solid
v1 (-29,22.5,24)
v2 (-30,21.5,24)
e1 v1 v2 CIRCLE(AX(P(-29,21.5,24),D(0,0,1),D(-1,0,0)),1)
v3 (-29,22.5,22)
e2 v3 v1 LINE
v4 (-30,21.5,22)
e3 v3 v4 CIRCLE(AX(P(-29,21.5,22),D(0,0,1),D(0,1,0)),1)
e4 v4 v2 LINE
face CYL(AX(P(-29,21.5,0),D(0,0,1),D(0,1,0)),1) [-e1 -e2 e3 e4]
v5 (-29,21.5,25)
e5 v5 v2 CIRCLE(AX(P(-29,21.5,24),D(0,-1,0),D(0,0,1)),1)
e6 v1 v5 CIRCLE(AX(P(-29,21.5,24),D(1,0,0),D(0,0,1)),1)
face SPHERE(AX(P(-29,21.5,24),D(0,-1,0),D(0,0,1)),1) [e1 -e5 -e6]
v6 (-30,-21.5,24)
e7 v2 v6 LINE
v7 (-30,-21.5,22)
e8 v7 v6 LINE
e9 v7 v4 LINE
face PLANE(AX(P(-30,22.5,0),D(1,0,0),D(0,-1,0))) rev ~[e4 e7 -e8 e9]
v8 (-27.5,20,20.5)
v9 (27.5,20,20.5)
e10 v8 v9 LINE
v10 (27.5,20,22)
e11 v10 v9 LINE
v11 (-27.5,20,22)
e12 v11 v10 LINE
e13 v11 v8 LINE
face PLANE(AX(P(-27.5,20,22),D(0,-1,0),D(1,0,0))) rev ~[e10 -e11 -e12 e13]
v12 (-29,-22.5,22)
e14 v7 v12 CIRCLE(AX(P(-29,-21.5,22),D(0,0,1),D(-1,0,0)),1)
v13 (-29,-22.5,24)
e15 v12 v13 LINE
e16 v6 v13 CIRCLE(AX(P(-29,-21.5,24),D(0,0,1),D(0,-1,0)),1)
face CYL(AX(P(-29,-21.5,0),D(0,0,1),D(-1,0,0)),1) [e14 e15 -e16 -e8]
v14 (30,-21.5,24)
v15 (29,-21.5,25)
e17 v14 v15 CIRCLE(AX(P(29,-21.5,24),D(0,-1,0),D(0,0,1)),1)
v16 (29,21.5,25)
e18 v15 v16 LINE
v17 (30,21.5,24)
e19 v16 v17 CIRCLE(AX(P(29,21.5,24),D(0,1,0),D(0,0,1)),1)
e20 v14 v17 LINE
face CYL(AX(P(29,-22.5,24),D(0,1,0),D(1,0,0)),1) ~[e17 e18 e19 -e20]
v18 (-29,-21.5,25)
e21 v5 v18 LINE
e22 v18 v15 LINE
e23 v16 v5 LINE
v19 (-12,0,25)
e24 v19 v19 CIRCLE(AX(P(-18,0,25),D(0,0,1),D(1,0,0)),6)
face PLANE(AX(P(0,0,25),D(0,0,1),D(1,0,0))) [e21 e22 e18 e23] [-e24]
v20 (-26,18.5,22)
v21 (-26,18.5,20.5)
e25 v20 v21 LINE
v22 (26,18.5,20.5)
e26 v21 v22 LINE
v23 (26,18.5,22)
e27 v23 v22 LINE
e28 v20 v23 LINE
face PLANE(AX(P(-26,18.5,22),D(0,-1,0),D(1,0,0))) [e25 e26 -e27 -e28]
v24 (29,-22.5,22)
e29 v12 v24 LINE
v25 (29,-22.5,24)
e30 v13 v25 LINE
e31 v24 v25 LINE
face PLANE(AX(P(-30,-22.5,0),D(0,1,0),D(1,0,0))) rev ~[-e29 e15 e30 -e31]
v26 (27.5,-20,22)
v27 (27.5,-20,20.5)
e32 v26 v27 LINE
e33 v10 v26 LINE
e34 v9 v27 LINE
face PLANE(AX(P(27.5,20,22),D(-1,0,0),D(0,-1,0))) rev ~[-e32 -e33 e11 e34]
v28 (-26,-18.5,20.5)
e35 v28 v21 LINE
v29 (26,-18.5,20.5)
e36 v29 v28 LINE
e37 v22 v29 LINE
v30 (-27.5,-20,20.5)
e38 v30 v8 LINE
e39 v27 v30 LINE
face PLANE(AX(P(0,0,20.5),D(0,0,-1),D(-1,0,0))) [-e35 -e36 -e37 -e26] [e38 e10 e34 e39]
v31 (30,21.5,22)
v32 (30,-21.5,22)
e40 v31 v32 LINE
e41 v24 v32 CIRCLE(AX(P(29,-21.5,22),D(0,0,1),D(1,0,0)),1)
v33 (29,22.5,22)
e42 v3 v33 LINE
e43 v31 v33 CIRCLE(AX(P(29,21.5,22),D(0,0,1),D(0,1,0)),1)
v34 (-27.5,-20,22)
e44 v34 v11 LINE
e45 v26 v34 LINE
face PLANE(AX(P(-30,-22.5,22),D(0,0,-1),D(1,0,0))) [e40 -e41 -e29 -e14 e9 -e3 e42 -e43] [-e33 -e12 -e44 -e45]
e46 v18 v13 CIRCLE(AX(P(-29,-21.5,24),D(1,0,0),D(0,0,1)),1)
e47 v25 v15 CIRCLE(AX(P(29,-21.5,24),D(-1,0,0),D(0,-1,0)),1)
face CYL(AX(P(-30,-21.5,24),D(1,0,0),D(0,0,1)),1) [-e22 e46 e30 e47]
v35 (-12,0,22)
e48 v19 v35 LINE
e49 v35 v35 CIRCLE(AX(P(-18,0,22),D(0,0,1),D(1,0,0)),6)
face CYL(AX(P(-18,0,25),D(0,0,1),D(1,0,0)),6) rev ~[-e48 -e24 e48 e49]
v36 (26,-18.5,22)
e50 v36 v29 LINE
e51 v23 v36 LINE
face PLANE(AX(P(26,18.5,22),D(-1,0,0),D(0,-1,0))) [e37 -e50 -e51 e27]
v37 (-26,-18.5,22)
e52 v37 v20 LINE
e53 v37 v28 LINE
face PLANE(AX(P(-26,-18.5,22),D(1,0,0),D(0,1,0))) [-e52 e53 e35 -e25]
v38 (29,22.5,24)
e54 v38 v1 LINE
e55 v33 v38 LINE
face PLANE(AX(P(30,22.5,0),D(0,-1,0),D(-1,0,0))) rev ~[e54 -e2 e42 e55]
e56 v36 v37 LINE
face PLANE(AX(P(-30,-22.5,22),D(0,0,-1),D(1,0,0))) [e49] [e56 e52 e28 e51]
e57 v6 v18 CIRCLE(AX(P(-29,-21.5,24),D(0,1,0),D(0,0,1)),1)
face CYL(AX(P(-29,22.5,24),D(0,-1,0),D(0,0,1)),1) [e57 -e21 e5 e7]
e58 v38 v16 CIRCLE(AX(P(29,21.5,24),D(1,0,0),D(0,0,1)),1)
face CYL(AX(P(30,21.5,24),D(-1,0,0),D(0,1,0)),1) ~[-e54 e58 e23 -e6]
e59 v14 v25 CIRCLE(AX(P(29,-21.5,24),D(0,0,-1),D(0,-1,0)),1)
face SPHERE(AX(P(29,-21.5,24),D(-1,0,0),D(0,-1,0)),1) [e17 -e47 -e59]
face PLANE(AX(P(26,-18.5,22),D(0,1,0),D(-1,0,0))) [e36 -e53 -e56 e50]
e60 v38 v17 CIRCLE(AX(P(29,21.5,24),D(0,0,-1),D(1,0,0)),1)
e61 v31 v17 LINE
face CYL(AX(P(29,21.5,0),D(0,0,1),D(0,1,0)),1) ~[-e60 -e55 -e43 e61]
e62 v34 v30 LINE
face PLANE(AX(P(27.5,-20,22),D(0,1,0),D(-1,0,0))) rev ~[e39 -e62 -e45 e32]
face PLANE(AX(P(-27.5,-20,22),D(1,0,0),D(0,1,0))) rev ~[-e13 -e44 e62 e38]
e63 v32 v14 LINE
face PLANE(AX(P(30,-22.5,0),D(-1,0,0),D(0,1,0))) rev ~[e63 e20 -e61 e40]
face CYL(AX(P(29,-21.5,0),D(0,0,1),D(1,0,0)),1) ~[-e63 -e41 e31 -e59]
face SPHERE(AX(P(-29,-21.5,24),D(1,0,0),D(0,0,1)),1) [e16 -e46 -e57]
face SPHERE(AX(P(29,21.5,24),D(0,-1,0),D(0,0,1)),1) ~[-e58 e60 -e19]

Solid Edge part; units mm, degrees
sketch "Sketch1" plane through (0, 0, 0) normal (0, 0, 1) x (1, 0, 0)
  line L0 (30, 22.5) -> (-30, 22.5)
  line L1 (-30, 22.5) -> (-30, -22.5)
  line L2 (-30, -22.5) -> (30, -22.5)
  line L3 (30, -22.5) -> (30, 22.5)
extrude "Protrusion1" add sketch "Sketch1" along normal blind 25
sketch "Sketch2" plane through (0, -22.5, 12.5) normal (0, -1, 0) x (1, 0, 0)
  line L0 (7.5, -4.5) -> (-7.5, -4.5)
  line L1 (-7.5, -4.5) -> (-7.5, -9.5)
  line L2 (-7.5, -9.5) -> (7.5, -9.5)
  line L3 (7.5, -9.5) -> (7.5, -4.5)
  dimension "D1" = 3
  dimension "D2" = 5
  dimension "D3" = 15
extrude "ExtrudedCutout_1" cut sketch "Sketch2" against normal blind 70.2135
sketch "Sketch3" plane through (-30, 0, 12.5) normal (-1, 0, 0) x (0, -1, 0)
  line L0 (-5, -9.5) -> (5, -9.5)
  line L1 (5, -9.5) -> (5, -4.5)
  line L2 (5, -4.5) -> (-5, -4.5)
  line L3 (-5, -4.5) -> (-5, -9.5)
  dimension "D1" = 10
  dimension "D2" = 5
  dimension "D3" = 3
extrude "ExtrudedCutout_2" cut sketch "Sketch3" against normal blind 138.2134
fillet "Round_2" radius 2.5 16 edges at (-18.75, 5, 3) (-18.75, 5, 8) (-18.75, -5, 8) (-18.75, -5, 3) (18.75, 5, 3) (18.75, 5, 8) (18.75, -5, 8) (18.75, -5, 3) (7.5, -13.75, 8) (-7.5, -13.75, 8) (-7.5, -13.75, 3) (7.5, -13.75, 3) (7.5, 13.75, 3) (7.5, 13.75, 8) (-7.5, 13.75, 3) (-7.5, 13.75, 8)
sketch "Sketch4" plane through (0, 0, 25) normal (0, 0, 1) x (1, 0, 0)
  circle A0 centre (-18, 0) radius 6
  dimension "D1" = 12
extrude "ExtrudedCutout_3" cut sketch "Sketch4" against normal blind 20.7766
fillet "Round_3" radius 1 12 edges at (0, -22.5, 25) (-30, 0, 25) (-30, -22.5, 12.5) (30, -22.5, 12.5) (30, 0, 25) (0, 22.5, 25) (-30, 22.5, 12.5) (0, 22.5, 0) (-30, 0, 0) (0, -22.5, 0) (30, 0, 0) (30, 22.5, 12.5)
sketch "Sketch5" plane through (0, -22.5, 12.5) normal (0, -1, 0) x (1, 0, 0)
  line L0 (-30, 9.5) -> (31.8803, 9.5)
  line L1 (-30, 9.5) -> (-37.6022, -5.1016)
  line L2 (-37.6022, -5.1016) -> (-25.716, -26.0845)
  line L3 (-25.716, -26.0845) -> (61.3689, -24.1439)
  line L4 (61.3689, -24.1439) -> (49.3614, 9.5)
  line L5 (49.3614, 9.5) -> (31.8803, 9.5)
  dimension "D1" = 3
extrude "ExtrudedCutout_4" cut sketch "Sketch5" against normal blind 86.4781
sketch "Sketch6" plane through (0, 0, 22) normal (0, 0, -1) x (1, 0, 0)
  line L0 (-26, -18.5) -> (26, -18.5)
  line L1 (26, -18.5) -> (26, 18.5)
  line L2 (26, 18.5) -> (-26, 18.5)
  line L3 (-26, 18.5) -> (-26, -18.5)
  line L4 (-27.5, -20) -> (27.5, -20)
  line L5 (27.5, -20) -> (27.5, 20)
  line L6 (27.5, 20) -> (-27.5, 20)
  line L7 (-27.5, 20) -> (-27.5, -20)
  dimension "D1" = 37
  dimension "D2" = 52
  dimension "D3" = 55
  dimension "D4" = 40
extrude "ExtrudedProtrusion_2" add sketch "Sketch6" along normal blind 1.5
